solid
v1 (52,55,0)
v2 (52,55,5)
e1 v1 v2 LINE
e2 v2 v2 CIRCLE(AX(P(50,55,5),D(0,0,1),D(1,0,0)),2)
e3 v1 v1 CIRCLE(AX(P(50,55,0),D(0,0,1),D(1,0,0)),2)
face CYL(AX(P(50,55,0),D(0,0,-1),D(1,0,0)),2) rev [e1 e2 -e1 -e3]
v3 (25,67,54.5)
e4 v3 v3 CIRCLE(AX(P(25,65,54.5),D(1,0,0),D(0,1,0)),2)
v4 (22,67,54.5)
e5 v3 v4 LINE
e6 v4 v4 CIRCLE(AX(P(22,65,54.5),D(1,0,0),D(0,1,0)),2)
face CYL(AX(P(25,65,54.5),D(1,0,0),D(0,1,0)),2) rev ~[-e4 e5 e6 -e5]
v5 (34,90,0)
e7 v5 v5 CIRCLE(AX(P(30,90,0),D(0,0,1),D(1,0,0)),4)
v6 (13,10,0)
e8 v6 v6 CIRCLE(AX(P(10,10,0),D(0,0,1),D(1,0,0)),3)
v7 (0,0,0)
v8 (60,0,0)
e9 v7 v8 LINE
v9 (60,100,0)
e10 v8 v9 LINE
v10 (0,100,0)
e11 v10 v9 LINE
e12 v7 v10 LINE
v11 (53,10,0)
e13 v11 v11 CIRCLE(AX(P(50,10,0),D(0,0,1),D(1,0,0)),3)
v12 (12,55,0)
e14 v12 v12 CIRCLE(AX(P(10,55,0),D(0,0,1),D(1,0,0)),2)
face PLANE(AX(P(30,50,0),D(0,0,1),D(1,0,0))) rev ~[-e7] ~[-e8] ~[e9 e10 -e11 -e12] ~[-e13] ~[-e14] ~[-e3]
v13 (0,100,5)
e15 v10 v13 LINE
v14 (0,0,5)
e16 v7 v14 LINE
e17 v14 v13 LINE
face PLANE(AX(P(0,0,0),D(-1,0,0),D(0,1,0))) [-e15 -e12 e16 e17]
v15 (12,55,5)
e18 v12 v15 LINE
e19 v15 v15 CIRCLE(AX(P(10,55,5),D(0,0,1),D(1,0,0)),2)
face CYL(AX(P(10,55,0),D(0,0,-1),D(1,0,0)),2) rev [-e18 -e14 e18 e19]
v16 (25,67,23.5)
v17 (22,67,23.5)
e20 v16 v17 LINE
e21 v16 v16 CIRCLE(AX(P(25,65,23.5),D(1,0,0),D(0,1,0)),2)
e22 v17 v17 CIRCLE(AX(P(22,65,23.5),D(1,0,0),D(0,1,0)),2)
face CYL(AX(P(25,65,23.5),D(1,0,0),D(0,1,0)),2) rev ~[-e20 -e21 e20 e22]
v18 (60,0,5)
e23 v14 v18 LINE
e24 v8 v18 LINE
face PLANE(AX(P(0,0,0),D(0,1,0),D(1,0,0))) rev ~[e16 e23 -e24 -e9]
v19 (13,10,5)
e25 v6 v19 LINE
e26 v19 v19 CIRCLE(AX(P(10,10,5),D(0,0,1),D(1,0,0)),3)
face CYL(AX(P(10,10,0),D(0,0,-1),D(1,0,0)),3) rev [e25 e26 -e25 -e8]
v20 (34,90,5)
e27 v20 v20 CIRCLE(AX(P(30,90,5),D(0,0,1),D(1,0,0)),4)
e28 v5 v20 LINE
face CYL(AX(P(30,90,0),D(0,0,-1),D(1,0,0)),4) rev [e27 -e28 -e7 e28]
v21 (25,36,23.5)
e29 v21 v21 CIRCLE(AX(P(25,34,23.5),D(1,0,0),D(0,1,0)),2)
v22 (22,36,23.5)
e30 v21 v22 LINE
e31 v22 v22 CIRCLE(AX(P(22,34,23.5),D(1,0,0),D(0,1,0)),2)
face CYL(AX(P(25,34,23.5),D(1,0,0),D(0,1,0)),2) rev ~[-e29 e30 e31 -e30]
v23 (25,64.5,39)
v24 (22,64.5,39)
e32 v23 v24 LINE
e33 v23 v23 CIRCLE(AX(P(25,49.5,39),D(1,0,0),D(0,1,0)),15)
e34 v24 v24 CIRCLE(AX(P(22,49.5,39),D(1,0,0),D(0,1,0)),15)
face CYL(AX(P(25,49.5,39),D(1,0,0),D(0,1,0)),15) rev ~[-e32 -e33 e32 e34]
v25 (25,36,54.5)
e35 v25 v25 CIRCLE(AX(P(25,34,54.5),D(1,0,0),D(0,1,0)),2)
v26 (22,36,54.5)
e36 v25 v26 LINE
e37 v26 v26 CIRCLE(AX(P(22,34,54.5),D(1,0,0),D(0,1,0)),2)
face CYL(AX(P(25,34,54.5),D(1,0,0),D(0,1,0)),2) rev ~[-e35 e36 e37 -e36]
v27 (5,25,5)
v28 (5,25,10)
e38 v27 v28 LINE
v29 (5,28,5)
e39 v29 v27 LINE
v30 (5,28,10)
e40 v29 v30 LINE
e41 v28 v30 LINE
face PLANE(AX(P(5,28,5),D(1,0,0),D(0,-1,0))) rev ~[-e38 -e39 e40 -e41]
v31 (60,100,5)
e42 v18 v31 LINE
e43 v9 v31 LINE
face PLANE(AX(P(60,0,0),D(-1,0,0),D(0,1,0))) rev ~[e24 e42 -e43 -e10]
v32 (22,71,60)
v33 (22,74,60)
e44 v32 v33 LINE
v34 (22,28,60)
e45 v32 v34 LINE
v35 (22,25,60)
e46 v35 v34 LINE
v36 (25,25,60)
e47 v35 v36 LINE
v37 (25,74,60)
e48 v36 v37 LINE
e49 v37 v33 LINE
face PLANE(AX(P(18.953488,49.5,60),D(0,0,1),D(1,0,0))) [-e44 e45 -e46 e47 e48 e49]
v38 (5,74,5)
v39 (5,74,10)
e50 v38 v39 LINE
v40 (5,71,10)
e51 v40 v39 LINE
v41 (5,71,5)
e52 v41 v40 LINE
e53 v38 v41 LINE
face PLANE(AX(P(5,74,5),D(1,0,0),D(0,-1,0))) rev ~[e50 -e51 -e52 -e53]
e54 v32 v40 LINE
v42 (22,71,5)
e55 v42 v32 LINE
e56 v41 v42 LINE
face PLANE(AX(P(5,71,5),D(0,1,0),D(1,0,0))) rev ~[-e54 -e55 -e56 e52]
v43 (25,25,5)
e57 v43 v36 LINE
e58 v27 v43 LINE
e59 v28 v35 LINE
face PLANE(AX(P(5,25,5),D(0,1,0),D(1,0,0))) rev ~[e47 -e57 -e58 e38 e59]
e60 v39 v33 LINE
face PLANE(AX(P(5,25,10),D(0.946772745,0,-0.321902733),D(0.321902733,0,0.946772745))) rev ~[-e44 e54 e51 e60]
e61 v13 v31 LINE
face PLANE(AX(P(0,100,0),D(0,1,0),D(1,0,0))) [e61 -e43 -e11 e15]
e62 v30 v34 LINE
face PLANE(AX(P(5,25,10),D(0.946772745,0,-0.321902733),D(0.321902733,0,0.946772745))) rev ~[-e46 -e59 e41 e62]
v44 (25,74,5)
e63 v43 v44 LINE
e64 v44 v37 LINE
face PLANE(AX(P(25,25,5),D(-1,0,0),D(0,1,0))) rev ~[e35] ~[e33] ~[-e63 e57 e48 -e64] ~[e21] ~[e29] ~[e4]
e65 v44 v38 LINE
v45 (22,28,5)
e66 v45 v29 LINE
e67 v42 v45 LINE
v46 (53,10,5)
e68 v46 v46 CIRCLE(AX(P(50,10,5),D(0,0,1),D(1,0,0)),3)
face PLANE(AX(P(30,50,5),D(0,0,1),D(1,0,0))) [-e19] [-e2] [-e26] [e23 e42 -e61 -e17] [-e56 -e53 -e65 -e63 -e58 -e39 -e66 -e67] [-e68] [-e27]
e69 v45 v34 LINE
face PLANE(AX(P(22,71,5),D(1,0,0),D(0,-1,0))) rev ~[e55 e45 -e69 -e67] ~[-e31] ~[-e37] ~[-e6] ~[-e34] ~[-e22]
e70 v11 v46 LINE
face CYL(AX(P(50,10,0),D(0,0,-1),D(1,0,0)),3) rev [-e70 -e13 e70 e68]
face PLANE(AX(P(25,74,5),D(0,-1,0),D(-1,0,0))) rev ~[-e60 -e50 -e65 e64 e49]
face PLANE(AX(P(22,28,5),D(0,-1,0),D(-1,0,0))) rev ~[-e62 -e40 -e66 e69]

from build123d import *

# Parameters (mm, degrees)
F0_W     = 60
F0_H     = 100
F0_R     = 3
F0_R_2   = 2
F0_R_3   = 4
F1_DEPTH = 5
F3_DEPTH = 55
F5_DEPTH = 75.001
F6_R     = 15
F6_R_2   = 2
F7_DEPTH = 25.001


with BuildPart() as f1:
    # F0 (on Top) → F1 (new body)
    with BuildSketch(Plane.XY):
        with Locations((30, 50)):
            Rectangle(F0_W, F0_H)
        with Locations((10, 10)):
            Circle(F0_R, mode=Mode.SUBTRACT)
        with Locations((50, 10)):
            Circle(F0_R, mode=Mode.SUBTRACT)
        with Locations((10, 55)):
            Circle(F0_R_2, mode=Mode.SUBTRACT)
        with Locations((50, 55)):
            Circle(F0_R_2, mode=Mode.SUBTRACT)
        with Locations((30, 90)):
            Circle(F0_R_3, mode=Mode.SUBTRACT)
    extrude(amount=F1_DEPTH)

    # F2 (on face) → F3 (join)
    with BuildSketch(Plane.XY.offset(5)):
        Polygon((25, 74), (5, 74), (5, 71), (22, 71), (22, 28), (5, 28), (5, 25), (25, 25), align=None)
    extrude(amount=F3_DEPTH)

    # F4 (on face) → F5 (cut, through all)
    with BuildSketch(Plane.XZ.offset(-25)):
        Polygon((22, 60), (5, 60), (5, 10), align=None)
    extrude(amount=-F5_DEPTH, mode=Mode.SUBTRACT)

    # F6 (on face) → F7 (cut, through all)
    with BuildSketch(Plane.YZ.offset(25)):
        with Locations((49.5, 39)):
            Circle(F6_R)
        with Locations((34, 54.5)):
            Circle(F6_R_2)
        with Locations((65, 54.5)):
            Circle(F6_R_2)
        with Locations((65, 23.5)):
            Circle(F6_R_2)
        with Locations((34, 23.5)):
            Circle(F6_R_2)
    extrude(amount=-F7_DEPTH, mode=Mode.SUBTRACT)


solid = f1.part
